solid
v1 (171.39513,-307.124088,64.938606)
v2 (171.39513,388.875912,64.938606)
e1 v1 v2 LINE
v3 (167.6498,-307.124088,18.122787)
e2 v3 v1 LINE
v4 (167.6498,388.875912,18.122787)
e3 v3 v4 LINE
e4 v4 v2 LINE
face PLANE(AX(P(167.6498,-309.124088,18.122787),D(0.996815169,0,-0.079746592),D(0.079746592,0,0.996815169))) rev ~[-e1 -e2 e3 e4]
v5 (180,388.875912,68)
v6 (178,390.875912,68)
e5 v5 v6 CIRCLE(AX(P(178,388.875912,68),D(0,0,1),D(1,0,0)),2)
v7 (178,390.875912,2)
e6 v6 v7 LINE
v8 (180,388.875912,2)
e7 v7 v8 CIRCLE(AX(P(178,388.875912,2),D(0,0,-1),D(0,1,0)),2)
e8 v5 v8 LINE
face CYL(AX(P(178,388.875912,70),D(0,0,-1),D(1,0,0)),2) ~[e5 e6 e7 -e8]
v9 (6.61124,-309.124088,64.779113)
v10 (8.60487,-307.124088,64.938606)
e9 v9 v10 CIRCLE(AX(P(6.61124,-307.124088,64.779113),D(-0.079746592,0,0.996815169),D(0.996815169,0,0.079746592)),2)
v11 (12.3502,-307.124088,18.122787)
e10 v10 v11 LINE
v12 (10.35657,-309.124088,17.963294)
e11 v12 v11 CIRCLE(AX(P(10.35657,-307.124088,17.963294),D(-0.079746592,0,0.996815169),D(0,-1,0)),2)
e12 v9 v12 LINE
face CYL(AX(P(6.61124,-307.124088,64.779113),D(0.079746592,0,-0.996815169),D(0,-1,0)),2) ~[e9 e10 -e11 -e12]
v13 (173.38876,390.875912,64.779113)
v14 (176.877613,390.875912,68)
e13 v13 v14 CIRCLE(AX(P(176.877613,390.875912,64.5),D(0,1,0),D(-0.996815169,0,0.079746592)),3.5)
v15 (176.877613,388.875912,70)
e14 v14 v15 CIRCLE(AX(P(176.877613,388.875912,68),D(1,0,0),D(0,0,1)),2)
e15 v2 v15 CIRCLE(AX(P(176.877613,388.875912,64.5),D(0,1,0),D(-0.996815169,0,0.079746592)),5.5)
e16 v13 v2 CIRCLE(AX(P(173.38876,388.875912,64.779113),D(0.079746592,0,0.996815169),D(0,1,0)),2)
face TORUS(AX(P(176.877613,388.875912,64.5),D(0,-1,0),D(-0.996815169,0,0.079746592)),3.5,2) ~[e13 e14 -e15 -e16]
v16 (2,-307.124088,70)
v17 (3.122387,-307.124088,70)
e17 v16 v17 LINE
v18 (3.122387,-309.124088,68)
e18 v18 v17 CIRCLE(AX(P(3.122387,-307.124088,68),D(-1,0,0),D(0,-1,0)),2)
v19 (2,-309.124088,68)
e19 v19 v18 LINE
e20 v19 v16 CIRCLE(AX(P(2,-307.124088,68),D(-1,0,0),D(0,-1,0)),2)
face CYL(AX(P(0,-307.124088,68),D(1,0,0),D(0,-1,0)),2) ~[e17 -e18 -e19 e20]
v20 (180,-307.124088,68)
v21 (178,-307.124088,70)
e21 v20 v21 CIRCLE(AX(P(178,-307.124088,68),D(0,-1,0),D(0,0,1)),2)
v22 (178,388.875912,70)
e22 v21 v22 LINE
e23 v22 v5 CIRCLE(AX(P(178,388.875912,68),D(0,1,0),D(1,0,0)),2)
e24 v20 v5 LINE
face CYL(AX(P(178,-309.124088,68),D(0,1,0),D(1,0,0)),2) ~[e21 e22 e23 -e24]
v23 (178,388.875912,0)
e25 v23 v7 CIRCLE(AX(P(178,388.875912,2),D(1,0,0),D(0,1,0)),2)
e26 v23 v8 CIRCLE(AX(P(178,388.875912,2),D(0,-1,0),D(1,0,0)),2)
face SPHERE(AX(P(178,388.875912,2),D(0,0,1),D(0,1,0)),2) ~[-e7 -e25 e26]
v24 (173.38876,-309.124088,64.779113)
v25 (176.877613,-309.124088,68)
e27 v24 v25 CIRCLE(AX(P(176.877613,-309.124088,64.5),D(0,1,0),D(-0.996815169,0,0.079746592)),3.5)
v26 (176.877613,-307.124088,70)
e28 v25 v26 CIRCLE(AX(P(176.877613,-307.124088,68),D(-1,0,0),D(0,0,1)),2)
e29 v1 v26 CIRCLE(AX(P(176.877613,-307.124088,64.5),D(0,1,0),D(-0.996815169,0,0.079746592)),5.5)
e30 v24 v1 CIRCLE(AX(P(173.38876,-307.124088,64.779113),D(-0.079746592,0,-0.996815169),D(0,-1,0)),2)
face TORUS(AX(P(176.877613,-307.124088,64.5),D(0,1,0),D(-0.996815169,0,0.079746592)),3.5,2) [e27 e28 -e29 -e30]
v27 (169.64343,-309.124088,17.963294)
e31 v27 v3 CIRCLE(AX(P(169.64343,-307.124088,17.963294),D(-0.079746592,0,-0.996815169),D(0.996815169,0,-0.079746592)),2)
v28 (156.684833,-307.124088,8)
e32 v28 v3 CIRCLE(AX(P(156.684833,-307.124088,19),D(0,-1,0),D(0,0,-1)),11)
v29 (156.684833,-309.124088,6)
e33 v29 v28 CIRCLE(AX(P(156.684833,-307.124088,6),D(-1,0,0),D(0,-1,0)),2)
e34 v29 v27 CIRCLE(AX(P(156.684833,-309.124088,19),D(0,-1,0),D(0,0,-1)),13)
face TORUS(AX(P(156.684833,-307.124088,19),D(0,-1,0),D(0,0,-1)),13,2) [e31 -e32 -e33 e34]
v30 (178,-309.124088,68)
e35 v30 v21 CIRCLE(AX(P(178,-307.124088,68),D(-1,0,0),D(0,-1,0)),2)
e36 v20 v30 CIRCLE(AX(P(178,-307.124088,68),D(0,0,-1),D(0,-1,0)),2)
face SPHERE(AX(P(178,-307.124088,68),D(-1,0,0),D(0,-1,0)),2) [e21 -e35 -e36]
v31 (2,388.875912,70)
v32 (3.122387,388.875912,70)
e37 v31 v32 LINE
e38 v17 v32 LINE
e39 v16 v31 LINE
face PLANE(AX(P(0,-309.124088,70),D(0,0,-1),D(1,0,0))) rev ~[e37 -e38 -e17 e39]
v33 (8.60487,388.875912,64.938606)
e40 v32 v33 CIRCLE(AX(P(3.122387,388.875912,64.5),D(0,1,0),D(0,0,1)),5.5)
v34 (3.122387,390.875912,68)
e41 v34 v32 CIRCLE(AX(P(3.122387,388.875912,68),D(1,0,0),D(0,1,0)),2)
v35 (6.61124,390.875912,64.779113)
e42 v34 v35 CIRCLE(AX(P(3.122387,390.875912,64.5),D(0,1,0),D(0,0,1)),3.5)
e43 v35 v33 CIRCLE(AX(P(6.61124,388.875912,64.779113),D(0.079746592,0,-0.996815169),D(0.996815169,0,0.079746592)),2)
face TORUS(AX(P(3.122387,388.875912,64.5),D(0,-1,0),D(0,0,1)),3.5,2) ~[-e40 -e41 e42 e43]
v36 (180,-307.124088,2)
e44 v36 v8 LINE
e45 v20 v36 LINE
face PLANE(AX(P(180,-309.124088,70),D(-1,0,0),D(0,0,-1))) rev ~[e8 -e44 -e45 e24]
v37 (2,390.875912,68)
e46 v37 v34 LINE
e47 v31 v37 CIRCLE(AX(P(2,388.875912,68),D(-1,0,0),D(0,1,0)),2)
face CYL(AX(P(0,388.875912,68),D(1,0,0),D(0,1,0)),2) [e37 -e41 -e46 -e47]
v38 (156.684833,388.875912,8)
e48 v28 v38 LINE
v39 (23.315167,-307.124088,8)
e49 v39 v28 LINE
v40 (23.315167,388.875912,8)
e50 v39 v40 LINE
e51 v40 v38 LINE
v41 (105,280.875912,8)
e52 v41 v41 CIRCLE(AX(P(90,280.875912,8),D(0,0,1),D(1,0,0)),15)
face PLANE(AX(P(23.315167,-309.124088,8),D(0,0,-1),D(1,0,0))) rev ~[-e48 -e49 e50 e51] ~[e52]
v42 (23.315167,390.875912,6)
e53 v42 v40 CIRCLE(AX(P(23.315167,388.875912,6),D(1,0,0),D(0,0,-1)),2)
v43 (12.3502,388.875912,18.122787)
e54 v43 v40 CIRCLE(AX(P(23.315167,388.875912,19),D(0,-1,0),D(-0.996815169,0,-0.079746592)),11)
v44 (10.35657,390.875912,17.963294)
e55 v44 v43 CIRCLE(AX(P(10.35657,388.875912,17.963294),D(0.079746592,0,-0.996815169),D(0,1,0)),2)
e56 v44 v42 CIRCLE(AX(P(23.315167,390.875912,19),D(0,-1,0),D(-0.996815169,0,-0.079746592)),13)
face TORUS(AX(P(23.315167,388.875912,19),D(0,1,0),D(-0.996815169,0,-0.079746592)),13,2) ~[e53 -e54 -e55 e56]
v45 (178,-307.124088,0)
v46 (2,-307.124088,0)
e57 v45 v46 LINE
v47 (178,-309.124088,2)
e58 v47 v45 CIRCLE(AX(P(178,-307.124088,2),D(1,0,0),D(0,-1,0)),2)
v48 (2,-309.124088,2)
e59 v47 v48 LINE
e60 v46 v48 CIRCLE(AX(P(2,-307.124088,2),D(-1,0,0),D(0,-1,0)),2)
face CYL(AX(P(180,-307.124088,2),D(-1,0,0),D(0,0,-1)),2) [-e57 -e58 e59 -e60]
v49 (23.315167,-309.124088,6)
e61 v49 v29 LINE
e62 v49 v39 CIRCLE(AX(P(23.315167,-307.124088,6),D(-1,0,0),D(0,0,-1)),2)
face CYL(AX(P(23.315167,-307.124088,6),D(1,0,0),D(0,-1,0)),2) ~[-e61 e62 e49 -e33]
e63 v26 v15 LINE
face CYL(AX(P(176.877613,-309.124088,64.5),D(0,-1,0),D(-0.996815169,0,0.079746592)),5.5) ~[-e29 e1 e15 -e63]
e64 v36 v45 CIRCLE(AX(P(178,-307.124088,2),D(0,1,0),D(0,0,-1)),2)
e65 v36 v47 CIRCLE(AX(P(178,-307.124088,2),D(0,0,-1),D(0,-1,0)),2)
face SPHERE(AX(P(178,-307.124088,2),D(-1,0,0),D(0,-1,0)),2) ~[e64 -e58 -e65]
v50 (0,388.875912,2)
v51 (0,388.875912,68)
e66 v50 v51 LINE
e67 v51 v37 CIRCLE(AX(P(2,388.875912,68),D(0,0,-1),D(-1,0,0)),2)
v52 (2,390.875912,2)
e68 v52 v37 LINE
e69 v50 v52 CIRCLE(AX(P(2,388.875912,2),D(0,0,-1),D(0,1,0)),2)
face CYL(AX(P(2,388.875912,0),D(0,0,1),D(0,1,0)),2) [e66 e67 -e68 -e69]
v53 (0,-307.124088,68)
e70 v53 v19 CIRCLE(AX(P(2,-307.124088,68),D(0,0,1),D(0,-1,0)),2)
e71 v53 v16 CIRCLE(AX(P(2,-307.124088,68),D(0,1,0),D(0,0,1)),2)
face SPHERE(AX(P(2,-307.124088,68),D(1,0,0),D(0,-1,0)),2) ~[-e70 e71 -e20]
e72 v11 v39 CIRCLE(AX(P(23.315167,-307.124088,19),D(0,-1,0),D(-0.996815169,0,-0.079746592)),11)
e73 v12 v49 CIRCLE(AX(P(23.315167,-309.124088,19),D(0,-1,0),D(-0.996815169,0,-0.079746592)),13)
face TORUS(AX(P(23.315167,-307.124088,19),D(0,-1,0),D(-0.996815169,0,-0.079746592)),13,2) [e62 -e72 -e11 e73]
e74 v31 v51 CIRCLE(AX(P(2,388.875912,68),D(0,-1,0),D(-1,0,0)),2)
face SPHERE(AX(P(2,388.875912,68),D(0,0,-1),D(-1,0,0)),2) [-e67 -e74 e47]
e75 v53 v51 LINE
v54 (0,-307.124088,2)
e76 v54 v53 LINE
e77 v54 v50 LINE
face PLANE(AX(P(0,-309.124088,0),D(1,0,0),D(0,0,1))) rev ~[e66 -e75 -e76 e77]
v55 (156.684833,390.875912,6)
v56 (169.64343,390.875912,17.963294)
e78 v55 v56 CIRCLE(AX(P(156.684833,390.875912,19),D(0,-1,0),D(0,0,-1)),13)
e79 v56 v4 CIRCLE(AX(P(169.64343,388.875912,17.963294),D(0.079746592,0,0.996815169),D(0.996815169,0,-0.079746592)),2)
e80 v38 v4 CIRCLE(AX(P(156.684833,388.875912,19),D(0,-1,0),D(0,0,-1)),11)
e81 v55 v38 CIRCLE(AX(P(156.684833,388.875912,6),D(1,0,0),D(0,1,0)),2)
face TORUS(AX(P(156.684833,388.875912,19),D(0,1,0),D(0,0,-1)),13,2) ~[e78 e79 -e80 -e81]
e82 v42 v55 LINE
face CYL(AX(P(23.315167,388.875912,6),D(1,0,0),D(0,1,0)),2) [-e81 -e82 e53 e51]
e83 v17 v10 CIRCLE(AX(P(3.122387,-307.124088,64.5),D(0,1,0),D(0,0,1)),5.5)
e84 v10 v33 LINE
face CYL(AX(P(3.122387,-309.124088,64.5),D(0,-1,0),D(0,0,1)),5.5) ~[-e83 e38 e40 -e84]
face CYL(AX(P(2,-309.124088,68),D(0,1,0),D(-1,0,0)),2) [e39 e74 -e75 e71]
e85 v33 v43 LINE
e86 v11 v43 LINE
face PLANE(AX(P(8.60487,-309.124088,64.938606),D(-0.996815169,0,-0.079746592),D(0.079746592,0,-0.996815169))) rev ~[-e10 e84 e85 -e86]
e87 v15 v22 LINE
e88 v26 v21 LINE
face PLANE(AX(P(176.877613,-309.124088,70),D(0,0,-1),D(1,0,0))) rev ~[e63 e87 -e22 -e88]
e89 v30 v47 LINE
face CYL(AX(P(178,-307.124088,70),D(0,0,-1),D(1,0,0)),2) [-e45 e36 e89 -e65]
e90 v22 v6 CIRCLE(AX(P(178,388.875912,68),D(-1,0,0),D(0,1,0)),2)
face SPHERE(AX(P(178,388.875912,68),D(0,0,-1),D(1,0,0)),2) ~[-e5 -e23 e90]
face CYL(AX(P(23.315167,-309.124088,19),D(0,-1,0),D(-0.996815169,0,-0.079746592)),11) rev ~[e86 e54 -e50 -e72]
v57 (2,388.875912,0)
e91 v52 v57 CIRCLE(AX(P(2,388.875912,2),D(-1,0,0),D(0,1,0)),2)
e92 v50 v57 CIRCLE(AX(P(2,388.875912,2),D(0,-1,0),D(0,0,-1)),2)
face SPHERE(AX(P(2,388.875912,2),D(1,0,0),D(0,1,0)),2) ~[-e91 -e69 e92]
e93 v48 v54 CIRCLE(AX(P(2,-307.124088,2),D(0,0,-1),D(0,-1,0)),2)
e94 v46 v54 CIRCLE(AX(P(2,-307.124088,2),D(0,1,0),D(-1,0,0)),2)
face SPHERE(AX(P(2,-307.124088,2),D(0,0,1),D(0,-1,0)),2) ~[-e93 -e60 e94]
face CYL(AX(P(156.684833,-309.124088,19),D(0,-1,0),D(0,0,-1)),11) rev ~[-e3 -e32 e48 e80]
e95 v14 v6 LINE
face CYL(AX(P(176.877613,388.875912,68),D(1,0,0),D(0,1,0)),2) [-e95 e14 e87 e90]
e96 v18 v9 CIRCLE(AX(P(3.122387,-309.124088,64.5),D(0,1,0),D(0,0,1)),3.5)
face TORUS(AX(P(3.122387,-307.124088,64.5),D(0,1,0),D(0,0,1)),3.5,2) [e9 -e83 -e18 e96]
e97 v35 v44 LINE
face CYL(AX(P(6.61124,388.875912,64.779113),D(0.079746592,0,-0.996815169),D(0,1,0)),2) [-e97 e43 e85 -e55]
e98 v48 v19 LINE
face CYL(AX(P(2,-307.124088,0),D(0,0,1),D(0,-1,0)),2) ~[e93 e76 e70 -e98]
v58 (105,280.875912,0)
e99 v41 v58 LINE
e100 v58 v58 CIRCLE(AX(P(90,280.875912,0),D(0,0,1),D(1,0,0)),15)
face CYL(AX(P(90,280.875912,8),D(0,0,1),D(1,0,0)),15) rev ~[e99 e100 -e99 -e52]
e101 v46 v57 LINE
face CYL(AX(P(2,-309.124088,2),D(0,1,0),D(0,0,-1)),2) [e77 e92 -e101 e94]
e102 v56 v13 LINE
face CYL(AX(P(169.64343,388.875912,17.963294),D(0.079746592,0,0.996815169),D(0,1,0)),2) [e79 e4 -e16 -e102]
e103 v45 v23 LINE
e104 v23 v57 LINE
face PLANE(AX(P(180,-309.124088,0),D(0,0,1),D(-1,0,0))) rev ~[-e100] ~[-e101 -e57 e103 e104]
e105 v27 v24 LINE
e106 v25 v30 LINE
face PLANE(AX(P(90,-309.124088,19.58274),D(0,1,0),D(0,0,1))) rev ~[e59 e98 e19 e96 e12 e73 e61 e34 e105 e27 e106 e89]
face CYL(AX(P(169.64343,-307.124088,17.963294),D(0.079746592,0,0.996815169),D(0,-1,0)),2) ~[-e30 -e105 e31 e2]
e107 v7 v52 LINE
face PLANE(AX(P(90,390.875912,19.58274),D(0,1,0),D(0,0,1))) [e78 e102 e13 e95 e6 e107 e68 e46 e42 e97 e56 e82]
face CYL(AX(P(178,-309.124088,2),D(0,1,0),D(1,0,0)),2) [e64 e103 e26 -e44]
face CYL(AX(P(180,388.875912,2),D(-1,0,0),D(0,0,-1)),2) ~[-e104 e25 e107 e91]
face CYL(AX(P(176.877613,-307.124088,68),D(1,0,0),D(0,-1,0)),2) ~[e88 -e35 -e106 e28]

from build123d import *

# Parameters (mm, degrees)
UPN_UPN180_1_DEPTH = 700
SKETCH128_R        = 15
CUT_EXTRUDE1_DEPTH = 10
FILLET1_R          = 2


with BuildPart() as part:
    # Sketch133 → Upn UPN180(1) (new body)
    with BuildSketch(Plane.ZX.offset(-309.124087591)):
        with BuildLine():
            Line((70, 180), (0, 180))
            Line((0, 180), (0, 0))
            Line((0, 0), (70, 0))
            Line((70, 0), (70, 3.122386663))
            ThreePointArc((70, 3.122386663), (68.541183887, 6.853181859), (64.938606257, 8.604870092))
            Line((64.938606257, 8.604870092), (18.122787486, 12.350200343))
            ThreePointArc((18.122787486, 12.350200343), (10.917632226, 15.85357681), (8, 23.315167202))
            Line((8, 23.315167202), (8, 156.684832798))
            ThreePointArc((8, 156.684832798), (10.917632226, 164.14642319), (18.122787486, 167.649799657))
            Line((18.122787486, 167.649799657), (64.938606257, 171.395129908))
            ThreePointArc((64.938606257, 171.395129908), (68.541183887, 173.146818141), (70, 176.877613337))
            Line((70, 176.877613337), (70, 180))
        make_face()
    extrude(amount=UPN_UPN180_1_DEPTH)

    # Sketch128 → Cut-Extrude1 (cut)
    with BuildSketch(Plane.XY.offset(8)):
        with Locations((90, 280.875912409)):
            Circle(SKETCH128_R)
    extrude(amount=-CUT_EXTRUDE1_DEPTH, mode=Mode.SUBTRACT)

    # Fillet1
    fillet1_edges = [part.edges().sort_by_distance(p)[0] for p in [
        (169.522464782, -309.124087591, 41.530696872),
        (164.14642319, -309.124087591, 10.917632226),
        (180, 390.875912409, 35),
        (90, -309.124087591, 8),
        (15.85357681, -309.124087591, 10.917632226),
        (10.477535218, -309.124087591, 41.530696872),
        (6.853181859, -309.124087591, 68.541183887),
        (1.561193332, -309.124087591, 70),
        (0, -309.124087591, 35),
        (90, -309.124087591, 0),
        (180, -309.124087591, 35),
        (178.438806668, -309.124087591, 70),
        (173.146818141, -309.124087591, 68.541183887),
        (90, 390.875912409, 0),
        (0, 390.875912409, 35),
        (0, 40.875912409, 70),
        (0, 40.875912409, 0),
        (180, 40.875912409, 0),
        (180, 40.875912409, 70),
        (1.561193332, 390.875912409, 70),
        (6.853181859, 390.875912409, 68.541183887),
        (10.477535218, 390.875912409, 41.530696872),
        (15.85357681, 390.875912409, 10.917632226),
        (90, 390.875912409, 8),
        (164.14642319, 390.875912409, 10.917632226),
        (169.522464782, 390.875912409, 41.530696872),
        (173.146818141, 390.875912409, 68.541183887),
        (178.438806668, 390.875912409, 70),
    ]]
    fillet(fillet1_edges, radius=FILLET1_R)


solid = part.part
